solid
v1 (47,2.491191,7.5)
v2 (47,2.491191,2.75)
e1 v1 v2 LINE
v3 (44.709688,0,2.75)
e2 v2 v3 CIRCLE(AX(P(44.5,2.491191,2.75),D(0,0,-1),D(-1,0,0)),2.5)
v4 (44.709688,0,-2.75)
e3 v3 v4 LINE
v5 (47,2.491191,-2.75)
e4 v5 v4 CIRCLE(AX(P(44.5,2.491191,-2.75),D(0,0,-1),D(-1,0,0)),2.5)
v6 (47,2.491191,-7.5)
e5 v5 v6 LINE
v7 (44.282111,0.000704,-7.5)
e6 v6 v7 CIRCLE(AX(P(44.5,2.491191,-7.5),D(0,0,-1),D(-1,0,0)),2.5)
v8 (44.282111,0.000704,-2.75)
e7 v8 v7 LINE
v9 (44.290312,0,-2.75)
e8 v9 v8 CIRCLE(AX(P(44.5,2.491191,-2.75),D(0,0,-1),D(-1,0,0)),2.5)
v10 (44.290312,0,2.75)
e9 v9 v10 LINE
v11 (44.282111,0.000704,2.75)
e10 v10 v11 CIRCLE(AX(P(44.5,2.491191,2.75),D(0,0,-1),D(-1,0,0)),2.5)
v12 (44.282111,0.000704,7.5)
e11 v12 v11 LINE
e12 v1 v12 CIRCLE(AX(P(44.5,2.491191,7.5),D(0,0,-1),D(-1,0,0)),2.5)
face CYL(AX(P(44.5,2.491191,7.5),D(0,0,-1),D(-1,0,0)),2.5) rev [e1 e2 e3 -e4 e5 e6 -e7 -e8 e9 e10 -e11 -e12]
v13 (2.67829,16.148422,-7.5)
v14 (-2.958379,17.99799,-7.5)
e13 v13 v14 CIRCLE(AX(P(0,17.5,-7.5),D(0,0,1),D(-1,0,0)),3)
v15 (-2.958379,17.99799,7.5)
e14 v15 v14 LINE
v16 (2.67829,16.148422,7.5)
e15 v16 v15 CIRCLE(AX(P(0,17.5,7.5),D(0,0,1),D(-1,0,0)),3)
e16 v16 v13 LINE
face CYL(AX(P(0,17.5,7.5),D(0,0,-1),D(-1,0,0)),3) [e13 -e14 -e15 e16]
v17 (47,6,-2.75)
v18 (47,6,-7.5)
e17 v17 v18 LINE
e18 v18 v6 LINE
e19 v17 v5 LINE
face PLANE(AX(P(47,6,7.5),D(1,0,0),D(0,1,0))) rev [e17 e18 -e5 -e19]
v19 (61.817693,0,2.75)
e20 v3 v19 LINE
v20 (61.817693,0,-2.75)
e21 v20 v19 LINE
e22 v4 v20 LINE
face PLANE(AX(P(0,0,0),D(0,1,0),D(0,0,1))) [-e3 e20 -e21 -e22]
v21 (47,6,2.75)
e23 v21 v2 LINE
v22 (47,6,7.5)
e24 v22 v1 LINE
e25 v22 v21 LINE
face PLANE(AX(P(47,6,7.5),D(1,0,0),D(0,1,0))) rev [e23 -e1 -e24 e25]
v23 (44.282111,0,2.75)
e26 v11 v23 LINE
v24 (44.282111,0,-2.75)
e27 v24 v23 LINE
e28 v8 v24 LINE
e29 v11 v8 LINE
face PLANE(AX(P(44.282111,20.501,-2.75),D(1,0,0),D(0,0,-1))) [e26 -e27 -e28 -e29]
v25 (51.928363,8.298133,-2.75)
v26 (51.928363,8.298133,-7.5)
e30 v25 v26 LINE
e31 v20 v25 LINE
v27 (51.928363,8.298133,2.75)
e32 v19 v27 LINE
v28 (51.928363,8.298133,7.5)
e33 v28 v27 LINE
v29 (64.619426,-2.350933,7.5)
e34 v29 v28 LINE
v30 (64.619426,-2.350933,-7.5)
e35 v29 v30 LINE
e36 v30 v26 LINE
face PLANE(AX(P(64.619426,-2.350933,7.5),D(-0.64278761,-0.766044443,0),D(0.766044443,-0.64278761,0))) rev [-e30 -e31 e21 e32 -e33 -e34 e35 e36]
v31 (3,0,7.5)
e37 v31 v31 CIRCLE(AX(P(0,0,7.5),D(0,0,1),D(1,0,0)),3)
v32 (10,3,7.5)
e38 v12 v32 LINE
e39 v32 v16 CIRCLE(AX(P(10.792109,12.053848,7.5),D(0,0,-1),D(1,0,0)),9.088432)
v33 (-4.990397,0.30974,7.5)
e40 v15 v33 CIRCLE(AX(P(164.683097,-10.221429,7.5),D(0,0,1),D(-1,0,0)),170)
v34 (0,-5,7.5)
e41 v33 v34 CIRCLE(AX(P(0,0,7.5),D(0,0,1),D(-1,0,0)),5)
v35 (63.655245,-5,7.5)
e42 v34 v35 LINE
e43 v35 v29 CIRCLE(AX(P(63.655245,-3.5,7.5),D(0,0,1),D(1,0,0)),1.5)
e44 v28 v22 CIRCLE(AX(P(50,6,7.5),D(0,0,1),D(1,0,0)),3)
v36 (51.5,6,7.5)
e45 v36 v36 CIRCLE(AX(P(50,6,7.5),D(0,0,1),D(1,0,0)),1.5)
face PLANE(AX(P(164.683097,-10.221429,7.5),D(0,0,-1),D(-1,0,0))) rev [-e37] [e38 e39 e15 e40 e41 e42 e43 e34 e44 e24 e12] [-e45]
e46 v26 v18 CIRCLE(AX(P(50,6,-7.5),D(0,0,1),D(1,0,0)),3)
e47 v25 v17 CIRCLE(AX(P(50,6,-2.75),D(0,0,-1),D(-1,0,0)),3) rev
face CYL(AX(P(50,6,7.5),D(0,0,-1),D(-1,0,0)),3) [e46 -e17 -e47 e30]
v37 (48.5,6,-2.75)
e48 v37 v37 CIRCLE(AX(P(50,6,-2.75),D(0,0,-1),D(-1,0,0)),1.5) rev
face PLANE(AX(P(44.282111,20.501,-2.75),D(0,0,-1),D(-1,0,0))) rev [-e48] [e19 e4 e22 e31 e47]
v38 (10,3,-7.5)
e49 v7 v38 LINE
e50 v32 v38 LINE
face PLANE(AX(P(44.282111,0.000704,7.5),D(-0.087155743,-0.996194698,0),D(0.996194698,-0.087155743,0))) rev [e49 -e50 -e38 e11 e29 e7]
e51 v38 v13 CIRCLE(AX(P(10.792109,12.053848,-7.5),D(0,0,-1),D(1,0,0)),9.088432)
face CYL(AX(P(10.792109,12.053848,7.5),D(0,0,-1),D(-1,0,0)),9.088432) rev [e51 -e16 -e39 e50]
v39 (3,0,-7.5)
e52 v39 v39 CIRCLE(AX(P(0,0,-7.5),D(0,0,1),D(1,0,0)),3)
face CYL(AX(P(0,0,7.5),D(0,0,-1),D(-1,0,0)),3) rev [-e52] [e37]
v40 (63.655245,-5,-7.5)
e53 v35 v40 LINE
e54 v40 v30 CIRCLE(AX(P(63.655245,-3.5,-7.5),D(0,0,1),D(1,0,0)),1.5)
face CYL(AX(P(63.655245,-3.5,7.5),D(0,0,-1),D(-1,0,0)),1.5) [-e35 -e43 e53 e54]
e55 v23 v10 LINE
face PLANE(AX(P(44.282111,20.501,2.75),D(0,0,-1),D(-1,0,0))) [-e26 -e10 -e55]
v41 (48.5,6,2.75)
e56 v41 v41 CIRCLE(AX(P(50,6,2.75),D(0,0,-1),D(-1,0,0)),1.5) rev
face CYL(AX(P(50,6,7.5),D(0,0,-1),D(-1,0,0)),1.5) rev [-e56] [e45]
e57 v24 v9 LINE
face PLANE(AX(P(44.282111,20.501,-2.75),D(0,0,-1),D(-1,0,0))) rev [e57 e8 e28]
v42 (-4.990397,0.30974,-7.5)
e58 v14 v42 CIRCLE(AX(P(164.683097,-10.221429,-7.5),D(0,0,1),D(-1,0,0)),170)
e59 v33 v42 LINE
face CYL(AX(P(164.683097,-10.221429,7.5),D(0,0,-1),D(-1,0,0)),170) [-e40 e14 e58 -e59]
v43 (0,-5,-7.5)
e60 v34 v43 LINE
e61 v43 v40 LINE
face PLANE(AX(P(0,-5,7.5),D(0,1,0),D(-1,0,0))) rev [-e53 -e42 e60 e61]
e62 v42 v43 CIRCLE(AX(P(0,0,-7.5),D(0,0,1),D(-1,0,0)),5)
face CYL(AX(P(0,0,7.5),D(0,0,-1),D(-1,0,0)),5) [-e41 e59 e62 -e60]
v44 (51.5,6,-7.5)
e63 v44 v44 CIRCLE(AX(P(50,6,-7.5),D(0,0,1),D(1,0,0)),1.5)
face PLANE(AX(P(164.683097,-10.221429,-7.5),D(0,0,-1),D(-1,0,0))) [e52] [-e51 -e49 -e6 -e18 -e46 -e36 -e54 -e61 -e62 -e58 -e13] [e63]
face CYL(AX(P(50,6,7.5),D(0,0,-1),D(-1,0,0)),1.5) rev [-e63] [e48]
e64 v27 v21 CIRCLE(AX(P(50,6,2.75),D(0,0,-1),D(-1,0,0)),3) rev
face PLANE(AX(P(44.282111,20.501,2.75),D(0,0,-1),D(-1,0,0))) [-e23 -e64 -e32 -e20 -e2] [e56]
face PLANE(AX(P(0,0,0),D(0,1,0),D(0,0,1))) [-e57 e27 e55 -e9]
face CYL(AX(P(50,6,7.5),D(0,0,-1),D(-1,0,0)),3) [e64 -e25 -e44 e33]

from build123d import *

# Parameters (mm, degrees)
SKETCH1_R           = 3
SKETCH1_R_2         = 1.5
BOSS_EXTRUDE1_DEPTH = 7.5
CUT_EXTRUDE1_REACH  = 70.715
SKETCH2_W           = 20.337315641
SKETCH2_H           = 5.5


with BuildPart() as part:
    # Sketch1 → Boss-Extrude1 (new, symmetric)
    with BuildSketch(Plane.XY):
        with BuildLine():
            Line((0, -5), (63.65524487, -5))
            ThreePointArc((63.65524487, -5), (65.064783801, -4.013030215), (64.619426284, -2.350933335))
            Line((64.619426284, -2.350933335), (51.928362829, 8.298133329))
            ThreePointArc((51.928362829, 8.298133329), (48.732145215, 8.718923361), (47, 6))
            Line((47, 6), (47, 2.491190702))
            ThreePointArc((47, 2.491190702), (46.188975519, 0.64799736), (44.282110643, 0.000703957))
            Line((44.282110643, 0.000703957), (10, 3))
            ThreePointArc((10, 3), (2.85176017, 7.632257918), (2.678290028, 16.148422208))
            ThreePointArc((2.678290028, 16.148422208), (0.935327464, 20.350467073), (-2.958378986, 17.997989735))
            ThreePointArc((-2.958378986, 17.997989735), (-4.206114513, 9.18048564), (-4.990396875, 0.30974026))
            ThreePointArc((-4.990396875, 0.30974026), (-3.643398228, -3.424273551), (0, -5))
        make_face()
        Circle(SKETCH1_R, mode=Mode.SUBTRACT)
        with Locations((50, 6)):
            Circle(SKETCH1_R_2, mode=Mode.SUBTRACT)
    extrude(amount=BOSS_EXTRUDE1_DEPTH, both=True)

    # Sketch2 → Cut-Extrude1 (cut, up to next)
    with BuildSketch(Plane(origin=(0, 0, 0), x_dir=(1, 0, 0), z_dir=(0, 1, 0)), mode=Mode.PRIVATE) as cut_extrude1_sk1:
        with Locations((54.450768463, 0)):
            Rectangle(SKETCH2_W, SKETCH2_H)
    cut_extrude1_tool1 = extrude(cut_extrude1_sk1.sketch, amount=CUT_EXTRUDE1_REACH, mode=Mode.PRIVATE) & part.part
    add(cut_extrude1_tool1.solids().sort_by_distance((54.450768, 0, 0))[0], mode=Mode.SUBTRACT)


solid = part.part
